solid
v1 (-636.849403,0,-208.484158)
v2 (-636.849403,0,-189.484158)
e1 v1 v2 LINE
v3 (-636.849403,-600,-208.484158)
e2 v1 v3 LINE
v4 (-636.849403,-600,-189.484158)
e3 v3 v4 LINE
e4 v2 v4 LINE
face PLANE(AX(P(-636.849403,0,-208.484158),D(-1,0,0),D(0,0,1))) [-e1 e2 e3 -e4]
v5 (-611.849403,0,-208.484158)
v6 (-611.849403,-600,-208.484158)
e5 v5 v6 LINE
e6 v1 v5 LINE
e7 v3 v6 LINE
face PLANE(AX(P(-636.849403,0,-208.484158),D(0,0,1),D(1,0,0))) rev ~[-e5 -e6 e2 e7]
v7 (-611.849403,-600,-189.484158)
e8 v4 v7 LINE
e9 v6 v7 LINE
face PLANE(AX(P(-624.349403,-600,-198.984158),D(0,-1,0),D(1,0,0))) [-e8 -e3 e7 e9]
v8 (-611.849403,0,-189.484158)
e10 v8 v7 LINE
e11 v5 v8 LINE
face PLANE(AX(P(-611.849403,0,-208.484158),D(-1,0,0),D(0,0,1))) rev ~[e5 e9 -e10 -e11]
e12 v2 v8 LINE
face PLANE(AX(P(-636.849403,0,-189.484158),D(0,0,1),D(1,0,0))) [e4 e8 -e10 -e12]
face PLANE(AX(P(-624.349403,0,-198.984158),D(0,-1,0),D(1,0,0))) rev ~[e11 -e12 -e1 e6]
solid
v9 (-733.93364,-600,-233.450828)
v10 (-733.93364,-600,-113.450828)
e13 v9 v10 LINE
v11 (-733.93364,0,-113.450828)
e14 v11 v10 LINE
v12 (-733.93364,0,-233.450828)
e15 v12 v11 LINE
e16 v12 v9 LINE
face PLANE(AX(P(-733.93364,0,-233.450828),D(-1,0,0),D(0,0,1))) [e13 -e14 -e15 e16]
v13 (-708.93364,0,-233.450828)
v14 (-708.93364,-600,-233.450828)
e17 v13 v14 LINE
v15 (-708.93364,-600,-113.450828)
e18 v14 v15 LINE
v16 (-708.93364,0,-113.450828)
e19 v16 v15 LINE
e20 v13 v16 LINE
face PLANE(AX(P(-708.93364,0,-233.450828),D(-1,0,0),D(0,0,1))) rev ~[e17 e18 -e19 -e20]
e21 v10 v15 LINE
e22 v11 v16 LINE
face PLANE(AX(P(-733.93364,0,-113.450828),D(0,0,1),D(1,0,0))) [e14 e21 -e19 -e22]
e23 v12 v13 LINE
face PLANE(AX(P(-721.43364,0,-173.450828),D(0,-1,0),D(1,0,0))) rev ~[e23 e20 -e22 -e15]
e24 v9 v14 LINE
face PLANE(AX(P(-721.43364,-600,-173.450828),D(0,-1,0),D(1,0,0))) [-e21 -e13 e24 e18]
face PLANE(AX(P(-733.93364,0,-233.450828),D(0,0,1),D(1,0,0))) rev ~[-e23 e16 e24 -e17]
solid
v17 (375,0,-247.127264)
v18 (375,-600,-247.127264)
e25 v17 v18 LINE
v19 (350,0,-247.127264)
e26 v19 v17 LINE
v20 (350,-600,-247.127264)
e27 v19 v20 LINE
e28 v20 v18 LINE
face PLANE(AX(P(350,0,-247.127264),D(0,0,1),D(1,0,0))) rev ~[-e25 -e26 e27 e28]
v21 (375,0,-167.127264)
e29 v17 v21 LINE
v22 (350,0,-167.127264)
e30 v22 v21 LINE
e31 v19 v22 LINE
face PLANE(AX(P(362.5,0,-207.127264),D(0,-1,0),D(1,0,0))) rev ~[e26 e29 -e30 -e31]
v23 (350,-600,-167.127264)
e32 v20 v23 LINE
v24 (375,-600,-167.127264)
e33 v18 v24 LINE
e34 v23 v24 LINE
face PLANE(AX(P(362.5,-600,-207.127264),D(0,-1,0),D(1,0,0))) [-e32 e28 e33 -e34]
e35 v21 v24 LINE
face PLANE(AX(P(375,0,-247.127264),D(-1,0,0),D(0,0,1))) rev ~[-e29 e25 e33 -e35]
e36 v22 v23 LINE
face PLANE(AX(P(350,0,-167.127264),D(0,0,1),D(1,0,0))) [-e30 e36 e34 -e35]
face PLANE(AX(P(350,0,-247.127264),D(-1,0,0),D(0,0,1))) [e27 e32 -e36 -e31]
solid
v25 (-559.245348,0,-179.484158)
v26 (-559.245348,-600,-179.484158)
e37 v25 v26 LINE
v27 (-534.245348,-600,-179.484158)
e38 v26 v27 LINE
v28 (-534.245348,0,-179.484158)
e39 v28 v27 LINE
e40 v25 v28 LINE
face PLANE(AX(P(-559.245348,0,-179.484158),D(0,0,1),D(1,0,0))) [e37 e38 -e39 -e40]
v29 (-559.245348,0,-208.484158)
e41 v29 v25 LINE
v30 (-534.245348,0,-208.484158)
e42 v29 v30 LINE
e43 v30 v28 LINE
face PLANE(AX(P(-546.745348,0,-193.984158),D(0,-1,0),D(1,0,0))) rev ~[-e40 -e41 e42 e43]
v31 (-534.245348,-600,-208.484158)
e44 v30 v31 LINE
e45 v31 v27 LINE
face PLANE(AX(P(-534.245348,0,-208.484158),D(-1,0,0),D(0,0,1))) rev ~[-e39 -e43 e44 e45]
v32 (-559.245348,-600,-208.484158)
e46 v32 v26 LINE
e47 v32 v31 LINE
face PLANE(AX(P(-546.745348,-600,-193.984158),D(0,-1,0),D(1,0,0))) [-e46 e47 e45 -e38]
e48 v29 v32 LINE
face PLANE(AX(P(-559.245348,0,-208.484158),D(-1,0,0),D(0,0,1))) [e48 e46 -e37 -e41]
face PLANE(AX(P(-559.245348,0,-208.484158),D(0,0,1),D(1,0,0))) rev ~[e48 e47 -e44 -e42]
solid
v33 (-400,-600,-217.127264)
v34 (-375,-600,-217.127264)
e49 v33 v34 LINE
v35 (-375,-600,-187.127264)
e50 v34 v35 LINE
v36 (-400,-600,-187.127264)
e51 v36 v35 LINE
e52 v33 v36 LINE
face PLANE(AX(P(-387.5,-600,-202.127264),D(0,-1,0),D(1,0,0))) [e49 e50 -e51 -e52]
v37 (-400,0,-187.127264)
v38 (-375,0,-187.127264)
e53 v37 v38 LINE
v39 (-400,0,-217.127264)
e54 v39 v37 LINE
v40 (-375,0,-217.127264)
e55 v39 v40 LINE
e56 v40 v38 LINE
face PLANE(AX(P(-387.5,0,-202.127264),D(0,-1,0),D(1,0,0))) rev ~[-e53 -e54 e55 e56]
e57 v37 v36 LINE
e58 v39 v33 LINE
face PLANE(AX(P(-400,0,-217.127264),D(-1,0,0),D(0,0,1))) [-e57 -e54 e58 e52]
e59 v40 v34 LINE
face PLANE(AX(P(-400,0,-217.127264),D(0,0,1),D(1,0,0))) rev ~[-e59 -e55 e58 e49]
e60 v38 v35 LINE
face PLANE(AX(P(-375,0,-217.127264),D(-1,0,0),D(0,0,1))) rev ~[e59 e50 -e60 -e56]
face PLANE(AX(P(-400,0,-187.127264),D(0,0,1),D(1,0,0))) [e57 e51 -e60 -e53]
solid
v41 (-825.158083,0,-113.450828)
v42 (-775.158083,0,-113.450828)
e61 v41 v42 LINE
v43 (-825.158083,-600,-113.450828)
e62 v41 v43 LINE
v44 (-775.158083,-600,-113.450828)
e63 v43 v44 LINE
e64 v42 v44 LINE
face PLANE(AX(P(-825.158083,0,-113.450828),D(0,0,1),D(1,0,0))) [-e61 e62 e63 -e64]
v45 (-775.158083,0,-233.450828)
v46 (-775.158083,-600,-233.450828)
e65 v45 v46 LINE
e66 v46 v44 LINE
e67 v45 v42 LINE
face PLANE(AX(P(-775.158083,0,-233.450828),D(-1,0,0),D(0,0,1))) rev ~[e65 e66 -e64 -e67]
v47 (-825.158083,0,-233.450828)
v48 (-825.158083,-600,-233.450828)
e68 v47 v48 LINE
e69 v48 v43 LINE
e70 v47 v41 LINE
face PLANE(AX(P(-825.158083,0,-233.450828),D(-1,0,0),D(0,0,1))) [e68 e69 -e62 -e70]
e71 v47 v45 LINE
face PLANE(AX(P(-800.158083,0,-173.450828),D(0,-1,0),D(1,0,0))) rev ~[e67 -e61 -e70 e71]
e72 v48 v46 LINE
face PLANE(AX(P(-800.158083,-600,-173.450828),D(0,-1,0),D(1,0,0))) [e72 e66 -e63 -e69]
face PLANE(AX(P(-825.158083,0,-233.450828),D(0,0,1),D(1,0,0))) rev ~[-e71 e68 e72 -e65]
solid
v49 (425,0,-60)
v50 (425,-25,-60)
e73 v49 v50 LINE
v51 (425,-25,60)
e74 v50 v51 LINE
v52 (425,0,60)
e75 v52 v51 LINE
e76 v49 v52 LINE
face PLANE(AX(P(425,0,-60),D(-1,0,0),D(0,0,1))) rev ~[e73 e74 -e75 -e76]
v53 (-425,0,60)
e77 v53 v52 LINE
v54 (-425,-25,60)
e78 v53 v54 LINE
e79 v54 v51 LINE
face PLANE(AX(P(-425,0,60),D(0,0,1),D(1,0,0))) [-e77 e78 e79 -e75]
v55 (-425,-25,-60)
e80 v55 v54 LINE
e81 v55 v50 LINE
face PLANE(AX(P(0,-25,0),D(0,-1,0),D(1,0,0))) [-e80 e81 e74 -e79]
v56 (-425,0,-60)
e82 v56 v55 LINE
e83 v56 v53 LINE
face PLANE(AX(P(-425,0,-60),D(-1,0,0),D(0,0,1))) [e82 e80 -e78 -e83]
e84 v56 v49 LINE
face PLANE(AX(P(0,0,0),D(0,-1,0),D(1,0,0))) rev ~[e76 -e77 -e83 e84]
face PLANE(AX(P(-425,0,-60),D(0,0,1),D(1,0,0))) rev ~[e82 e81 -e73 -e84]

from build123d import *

# Parameters (mm, degrees)
F0_W     = 850
F0_H     = 120
F1_DEPTH = 25
F2_W     = 25
F2_H     = 30
F2_H_2   = 80
F3_DEPTH = 600
F4_W     = 25
F4_H     = 120
F4_H_2   = 19
F4_H_3   = 29
F4_W_2   = 50
F5_DEPTH = 600


with BuildPart() as f1:
    # F0 (on Front) → F1 (new body)
    with BuildSketch(Plane.XZ):
        Rectangle(F0_W, F0_H)
    extrude(amount=F1_DEPTH)


with BuildPart() as f3:
    # F2 (on Front) → F3 (new body)
    with BuildSketch(Plane.XZ):
        with Locations((-387.5, -202.127264)):
            Rectangle(F2_W, F2_H)
        with Locations((362.5, -207.127264)):
            Rectangle(F2_W, F2_H_2)
    extrude(amount=F3_DEPTH)


with BuildPart() as f5:
    # F4 (on Front) → F5 (new body)
    with BuildSketch(Plane.XZ):
        with Locations((-721.43364, -173.450828)):
            Rectangle(F4_W, F4_H)
        with Locations((-624.349403, -198.984158)):
            Rectangle(F4_W, F4_H_2)
        with Locations((-546.745348, -193.984158)):
            Rectangle(F4_W, F4_H_3)
        with Locations((-800.158083, -173.450828)):
            Rectangle(F4_W_2, F4_H)
    extrude(amount=F5_DEPTH)


solid = Compound([f1.part, f3.part, f5.part])
